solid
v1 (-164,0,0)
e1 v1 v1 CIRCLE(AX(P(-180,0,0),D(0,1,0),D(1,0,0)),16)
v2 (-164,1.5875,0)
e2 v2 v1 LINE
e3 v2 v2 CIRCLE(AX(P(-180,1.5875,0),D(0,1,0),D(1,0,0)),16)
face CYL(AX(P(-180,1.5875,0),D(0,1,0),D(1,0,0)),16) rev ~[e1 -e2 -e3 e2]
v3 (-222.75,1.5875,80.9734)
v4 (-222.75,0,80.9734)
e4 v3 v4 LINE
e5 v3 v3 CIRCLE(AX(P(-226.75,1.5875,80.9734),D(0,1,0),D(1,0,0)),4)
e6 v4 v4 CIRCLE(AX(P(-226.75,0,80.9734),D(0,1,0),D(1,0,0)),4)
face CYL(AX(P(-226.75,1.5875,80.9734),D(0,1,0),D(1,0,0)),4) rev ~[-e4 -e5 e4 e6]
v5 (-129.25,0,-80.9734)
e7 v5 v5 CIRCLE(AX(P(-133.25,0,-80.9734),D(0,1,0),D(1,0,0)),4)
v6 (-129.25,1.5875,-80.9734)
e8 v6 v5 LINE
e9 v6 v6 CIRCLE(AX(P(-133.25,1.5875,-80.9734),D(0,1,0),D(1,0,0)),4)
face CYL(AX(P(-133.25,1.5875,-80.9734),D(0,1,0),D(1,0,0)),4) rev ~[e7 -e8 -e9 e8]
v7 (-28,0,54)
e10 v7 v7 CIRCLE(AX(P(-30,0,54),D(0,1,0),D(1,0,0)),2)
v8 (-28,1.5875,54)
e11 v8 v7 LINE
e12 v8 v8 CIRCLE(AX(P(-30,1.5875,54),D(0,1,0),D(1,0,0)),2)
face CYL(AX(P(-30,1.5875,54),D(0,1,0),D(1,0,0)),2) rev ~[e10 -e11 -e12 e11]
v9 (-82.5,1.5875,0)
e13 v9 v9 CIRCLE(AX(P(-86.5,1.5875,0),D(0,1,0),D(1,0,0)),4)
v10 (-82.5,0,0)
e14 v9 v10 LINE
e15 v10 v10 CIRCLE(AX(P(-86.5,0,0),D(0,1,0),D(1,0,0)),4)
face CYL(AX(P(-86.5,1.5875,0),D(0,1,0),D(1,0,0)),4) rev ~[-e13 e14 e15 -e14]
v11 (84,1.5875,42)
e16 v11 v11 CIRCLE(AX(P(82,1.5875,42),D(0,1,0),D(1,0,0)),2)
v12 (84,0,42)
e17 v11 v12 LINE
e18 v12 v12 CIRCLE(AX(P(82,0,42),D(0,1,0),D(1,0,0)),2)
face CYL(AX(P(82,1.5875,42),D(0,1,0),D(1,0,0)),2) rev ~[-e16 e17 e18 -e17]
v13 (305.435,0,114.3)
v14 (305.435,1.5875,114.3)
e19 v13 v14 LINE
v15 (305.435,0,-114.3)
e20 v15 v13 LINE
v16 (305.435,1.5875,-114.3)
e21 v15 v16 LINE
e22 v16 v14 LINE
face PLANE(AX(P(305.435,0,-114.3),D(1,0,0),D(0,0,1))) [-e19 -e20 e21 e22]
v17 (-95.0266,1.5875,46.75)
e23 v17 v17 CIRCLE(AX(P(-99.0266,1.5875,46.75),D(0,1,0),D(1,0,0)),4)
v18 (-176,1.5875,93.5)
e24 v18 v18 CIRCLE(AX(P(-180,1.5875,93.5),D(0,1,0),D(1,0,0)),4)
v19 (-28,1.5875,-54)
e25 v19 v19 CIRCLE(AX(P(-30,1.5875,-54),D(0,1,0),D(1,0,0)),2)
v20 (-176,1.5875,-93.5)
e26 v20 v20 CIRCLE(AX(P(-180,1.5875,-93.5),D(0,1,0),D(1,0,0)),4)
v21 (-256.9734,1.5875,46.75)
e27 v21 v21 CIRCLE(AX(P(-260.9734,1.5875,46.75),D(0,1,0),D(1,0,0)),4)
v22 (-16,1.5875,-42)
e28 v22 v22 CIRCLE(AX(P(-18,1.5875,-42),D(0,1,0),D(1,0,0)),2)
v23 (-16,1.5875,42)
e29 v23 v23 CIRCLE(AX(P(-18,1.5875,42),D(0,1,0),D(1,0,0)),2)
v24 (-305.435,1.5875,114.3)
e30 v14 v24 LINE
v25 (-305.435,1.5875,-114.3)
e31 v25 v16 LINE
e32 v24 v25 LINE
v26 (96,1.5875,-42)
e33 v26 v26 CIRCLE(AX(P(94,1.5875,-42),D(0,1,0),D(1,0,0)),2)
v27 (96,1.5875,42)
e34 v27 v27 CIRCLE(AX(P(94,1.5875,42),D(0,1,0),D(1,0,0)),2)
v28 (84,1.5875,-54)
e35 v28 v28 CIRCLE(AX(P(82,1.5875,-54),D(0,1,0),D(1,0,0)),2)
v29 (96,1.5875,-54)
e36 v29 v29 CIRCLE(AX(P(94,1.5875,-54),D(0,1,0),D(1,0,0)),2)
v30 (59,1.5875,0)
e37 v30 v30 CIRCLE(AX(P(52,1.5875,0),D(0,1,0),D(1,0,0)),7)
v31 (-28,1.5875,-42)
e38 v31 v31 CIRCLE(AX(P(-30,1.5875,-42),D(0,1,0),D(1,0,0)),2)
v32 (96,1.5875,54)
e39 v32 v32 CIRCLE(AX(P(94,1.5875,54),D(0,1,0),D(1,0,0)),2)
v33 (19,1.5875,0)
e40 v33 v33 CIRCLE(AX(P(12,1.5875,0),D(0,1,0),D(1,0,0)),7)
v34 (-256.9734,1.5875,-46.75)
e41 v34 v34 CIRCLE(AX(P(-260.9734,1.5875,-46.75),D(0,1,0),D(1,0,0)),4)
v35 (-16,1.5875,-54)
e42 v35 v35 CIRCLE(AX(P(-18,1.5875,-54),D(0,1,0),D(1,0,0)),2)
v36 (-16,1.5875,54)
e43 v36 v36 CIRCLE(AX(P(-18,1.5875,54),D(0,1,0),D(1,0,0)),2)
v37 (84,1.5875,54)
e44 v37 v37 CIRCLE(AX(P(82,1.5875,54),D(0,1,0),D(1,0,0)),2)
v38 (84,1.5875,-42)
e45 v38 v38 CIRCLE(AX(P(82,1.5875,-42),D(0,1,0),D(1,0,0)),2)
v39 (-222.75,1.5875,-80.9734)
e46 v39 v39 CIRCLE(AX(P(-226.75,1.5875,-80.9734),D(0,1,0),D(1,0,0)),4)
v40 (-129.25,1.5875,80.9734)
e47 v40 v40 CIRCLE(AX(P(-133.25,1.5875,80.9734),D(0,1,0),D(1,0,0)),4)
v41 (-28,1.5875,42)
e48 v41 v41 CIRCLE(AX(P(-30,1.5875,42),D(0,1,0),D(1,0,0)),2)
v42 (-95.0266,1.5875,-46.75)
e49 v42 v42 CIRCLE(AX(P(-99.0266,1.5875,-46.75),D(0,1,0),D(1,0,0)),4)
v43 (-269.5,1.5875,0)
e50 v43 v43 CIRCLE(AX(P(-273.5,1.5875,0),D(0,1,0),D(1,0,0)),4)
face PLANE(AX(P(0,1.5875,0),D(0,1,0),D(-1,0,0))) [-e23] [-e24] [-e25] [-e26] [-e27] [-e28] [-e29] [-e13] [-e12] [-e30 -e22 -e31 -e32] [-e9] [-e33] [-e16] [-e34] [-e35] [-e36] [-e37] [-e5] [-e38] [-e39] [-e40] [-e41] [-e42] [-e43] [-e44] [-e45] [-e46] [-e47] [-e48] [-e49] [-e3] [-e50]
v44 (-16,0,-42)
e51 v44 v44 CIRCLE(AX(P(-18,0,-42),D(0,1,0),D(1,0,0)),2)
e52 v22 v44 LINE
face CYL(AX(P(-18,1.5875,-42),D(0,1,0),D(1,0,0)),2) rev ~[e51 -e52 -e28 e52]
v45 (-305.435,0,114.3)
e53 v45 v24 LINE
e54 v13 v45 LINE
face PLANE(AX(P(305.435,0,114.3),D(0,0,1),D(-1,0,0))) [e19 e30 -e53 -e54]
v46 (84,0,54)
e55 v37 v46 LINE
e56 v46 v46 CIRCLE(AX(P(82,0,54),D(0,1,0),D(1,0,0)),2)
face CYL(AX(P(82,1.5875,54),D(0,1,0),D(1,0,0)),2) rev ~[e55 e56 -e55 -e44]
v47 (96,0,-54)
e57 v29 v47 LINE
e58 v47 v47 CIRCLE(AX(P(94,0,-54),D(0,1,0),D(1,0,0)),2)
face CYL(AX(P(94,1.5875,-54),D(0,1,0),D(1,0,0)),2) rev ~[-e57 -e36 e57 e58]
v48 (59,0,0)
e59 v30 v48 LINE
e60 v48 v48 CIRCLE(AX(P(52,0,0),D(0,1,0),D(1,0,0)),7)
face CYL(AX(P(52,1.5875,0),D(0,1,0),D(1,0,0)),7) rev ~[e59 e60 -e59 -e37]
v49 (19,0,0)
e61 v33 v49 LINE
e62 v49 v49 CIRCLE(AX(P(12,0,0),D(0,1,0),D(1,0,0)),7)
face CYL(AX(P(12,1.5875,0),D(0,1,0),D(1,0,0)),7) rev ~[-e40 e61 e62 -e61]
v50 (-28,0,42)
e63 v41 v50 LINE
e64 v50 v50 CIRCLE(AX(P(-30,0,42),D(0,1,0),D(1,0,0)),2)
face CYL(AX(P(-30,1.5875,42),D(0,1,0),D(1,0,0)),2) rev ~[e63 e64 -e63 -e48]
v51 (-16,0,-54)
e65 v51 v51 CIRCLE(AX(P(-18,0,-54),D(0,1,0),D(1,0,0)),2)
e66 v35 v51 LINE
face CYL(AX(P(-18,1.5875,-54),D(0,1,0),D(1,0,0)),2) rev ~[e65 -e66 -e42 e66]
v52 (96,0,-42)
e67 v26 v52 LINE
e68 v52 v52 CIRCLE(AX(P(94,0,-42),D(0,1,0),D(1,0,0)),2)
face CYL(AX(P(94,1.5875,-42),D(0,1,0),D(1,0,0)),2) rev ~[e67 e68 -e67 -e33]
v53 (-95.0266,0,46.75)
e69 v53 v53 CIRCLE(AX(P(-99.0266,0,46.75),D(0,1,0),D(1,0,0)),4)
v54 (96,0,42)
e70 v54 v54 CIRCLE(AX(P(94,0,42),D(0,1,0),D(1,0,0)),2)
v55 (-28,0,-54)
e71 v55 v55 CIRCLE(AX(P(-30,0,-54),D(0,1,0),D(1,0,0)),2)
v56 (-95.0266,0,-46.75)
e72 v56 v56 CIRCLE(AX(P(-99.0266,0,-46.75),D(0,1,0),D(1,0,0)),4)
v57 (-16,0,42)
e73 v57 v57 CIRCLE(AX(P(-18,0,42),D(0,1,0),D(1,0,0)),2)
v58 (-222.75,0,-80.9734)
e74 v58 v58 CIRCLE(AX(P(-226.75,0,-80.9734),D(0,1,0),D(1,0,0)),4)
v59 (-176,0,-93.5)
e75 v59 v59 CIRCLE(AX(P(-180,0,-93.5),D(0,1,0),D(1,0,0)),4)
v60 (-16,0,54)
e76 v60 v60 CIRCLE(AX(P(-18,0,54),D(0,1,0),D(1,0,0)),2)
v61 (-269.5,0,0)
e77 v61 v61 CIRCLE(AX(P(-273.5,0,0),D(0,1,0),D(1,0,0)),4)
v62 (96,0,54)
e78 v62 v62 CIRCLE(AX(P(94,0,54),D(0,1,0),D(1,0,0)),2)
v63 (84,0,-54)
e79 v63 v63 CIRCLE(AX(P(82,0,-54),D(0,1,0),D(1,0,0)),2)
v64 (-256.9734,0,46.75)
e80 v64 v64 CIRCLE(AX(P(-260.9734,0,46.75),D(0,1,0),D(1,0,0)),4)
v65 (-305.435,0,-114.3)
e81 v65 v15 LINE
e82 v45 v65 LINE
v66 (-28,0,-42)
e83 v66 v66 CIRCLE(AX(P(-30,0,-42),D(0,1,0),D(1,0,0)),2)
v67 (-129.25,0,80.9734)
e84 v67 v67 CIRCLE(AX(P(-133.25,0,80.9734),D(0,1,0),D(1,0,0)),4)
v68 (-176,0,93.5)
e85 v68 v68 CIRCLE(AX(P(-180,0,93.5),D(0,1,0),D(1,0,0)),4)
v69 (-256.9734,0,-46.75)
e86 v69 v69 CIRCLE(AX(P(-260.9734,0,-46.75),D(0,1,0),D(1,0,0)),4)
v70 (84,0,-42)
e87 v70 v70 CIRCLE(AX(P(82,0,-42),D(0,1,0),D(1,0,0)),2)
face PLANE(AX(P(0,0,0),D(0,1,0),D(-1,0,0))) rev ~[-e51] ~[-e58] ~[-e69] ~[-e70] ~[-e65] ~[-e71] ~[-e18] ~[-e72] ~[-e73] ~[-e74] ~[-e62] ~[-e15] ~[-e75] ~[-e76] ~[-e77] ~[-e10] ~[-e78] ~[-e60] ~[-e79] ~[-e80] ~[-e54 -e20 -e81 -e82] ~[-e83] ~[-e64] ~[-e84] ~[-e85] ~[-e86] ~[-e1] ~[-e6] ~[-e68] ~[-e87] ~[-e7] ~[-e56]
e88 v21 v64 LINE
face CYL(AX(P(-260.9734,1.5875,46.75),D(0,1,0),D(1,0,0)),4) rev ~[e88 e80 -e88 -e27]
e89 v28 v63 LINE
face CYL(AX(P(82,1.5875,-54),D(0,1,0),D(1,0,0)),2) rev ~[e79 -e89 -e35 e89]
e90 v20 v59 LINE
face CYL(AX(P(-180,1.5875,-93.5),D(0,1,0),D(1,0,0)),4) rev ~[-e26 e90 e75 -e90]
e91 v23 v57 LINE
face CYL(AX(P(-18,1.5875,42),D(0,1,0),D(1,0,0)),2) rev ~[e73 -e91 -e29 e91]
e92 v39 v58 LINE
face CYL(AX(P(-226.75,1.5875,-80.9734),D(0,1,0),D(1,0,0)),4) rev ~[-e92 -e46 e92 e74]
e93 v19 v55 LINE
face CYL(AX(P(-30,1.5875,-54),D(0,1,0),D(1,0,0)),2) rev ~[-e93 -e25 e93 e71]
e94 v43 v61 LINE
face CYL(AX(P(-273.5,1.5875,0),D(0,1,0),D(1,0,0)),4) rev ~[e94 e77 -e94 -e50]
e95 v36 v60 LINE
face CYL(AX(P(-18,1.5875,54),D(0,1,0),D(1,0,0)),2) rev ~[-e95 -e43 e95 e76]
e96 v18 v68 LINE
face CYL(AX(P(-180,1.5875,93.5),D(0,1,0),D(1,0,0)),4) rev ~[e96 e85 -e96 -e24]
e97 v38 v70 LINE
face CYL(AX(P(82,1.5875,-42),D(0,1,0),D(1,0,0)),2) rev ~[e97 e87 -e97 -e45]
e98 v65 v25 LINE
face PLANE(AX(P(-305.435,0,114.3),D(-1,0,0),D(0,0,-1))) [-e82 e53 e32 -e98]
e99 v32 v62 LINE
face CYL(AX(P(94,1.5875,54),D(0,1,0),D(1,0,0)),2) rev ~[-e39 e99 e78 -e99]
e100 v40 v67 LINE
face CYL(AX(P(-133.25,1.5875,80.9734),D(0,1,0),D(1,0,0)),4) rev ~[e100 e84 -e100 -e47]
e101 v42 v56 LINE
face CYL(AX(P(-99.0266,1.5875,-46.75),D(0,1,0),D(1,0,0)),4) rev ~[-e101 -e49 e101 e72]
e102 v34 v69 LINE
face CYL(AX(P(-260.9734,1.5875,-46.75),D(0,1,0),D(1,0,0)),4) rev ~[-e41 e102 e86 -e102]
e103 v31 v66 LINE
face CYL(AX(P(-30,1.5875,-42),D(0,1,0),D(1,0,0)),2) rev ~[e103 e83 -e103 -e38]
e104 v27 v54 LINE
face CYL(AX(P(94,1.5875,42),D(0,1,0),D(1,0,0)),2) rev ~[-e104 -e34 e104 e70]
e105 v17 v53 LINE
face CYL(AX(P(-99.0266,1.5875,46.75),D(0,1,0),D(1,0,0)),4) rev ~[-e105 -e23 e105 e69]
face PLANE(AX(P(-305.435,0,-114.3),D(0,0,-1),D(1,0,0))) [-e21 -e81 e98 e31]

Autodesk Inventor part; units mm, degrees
ref_plane "YZ Plane" through (0, 0, 0) normal (1, 0, 0) x (0, 1, 0)
ref_plane "XZ Plane" through (0, 0, 0) normal (0, 1, 0) x (-1, 0, 0)
ref_plane "XY Plane" through (0, 0, 0) normal (0, 0, 1) x (1, 0, 0)
sketch "Sketch1" plane through (0, 0, 0) normal (0, 1, 0) x (-1, 0, 0)
  line L0 (-305.435, 114.3) -> (305.435, 114.3)
  line L1 (305.435, 114.3) -> (305.435, -114.3)
  line L2 (305.435, -114.3) -> (-305.435, -114.3)
  line L3 (-305.435, -114.3) -> (-305.435, 114.3)
  line L4 (-305.435, 114.3) -> (305.435, -114.3) construction
  line L5 (305.435, 114.3) -> (-305.435, -114.3) construction
  point P0 (0, 0)
  dimension "d0" = 610.87
  dimension "d1" = 228.6
extrude "Extrusion1" add sketch "Sketch1" along normal blind 1.5875
sketch "Sketch3" plane through (0, 1.5875, 0) normal (0, 1, 0) x (1, 0, 0)
  circle A0 centre (-180, 0) radius 93.5 construction
  circle A1 centre (-180, 93.5) radius 4
  circle A2 centre (-226.75, 80.9734) radius 4
  circle A3 centre (-260.9734, 46.75) radius 4
  circle A4 centre (-273.5, 0) radius 4
  circle A5 centre (-260.9734, -46.75) radius 4
  circle A6 centre (-226.75, -80.9734) radius 4
  circle A7 centre (-180, -93.5) radius 4
  circle A8 centre (-133.25, -80.9734) radius 4
  circle A9 centre (-99.0266, -46.75) radius 4
  circle A10 centre (-86.5, 0) radius 4
  circle A11 centre (-99.0266, 46.75) radius 4
  circle A12 centre (-133.25, 80.9734) radius 4
  circle A13 centre (-180, 0) radius 16
  point P0 (0, 0)
  dimension "d5" = 187
  dimension "d6" = 180
  dimension "d7" = 8
  dimension "d10" = 360
  dimension "d12" = 32
extrude "Extrusion2" cut sketch "Sketch3" against normal through all
sketch "Sketch4" plane through (0, 1.5875, 0) normal (0, 1, 0) x (1, 0, 0)
  circle A0 centre (-180, 0) radius 16 construction
  circle A1 centre (32, 0) radius 7 construction
  circle A2 centre (-24, 48) radius 2.5 construction
  circle A3 centre (-30, 54) radius 2
  circle A4 centre (-30, 42) radius 2
  circle A5 centre (-18, 42) radius 2
  circle A6 centre (-18, 54) radius 2
  line L0 (32, 7) -> (32, -7) construction
  line L1 (25, 0) -> (39, 0) construction
  circle A7 centre (94, 54) radius 2
  circle A8 centre (94, 42) radius 2
  circle A9 centre (82, 42) radius 2
  circle A10 centre (82, 54) radius 2
  circle A11 centre (-30, -54) radius 2
  circle A12 centre (-30, -42) radius 2
  circle A13 centre (-18, -42) radius 2
  circle A14 centre (-18, -54) radius 2
  circle A15 centre (94, -54) radius 2
  circle A16 centre (94, -42) radius 2
  circle A17 centre (82, -42) radius 2
  circle A18 centre (82, -54) radius 2
  circle A19 centre (52, 0) radius 7
  circle A20 centre (12, 0) radius 7
  point P0 (0, 0)
  dimension "d22" = 14
  dimension "d23" = 212
  dimension "d24" = 5
  dimension "d25" = 56
  dimension "d26" = 48
  dimension "d27" = 4
  dimension "d28" = 6
  dimension "d29" = 6
  dimension "d34" = 360
  dimension "d36" = 14
  dimension "d37" = 20
  dimension "d38" = 14
  dimension "d40" = 20
extrude "Extrusion3" cut sketch "Sketch4" against normal through all
properties part number "ChassisTop V2"
